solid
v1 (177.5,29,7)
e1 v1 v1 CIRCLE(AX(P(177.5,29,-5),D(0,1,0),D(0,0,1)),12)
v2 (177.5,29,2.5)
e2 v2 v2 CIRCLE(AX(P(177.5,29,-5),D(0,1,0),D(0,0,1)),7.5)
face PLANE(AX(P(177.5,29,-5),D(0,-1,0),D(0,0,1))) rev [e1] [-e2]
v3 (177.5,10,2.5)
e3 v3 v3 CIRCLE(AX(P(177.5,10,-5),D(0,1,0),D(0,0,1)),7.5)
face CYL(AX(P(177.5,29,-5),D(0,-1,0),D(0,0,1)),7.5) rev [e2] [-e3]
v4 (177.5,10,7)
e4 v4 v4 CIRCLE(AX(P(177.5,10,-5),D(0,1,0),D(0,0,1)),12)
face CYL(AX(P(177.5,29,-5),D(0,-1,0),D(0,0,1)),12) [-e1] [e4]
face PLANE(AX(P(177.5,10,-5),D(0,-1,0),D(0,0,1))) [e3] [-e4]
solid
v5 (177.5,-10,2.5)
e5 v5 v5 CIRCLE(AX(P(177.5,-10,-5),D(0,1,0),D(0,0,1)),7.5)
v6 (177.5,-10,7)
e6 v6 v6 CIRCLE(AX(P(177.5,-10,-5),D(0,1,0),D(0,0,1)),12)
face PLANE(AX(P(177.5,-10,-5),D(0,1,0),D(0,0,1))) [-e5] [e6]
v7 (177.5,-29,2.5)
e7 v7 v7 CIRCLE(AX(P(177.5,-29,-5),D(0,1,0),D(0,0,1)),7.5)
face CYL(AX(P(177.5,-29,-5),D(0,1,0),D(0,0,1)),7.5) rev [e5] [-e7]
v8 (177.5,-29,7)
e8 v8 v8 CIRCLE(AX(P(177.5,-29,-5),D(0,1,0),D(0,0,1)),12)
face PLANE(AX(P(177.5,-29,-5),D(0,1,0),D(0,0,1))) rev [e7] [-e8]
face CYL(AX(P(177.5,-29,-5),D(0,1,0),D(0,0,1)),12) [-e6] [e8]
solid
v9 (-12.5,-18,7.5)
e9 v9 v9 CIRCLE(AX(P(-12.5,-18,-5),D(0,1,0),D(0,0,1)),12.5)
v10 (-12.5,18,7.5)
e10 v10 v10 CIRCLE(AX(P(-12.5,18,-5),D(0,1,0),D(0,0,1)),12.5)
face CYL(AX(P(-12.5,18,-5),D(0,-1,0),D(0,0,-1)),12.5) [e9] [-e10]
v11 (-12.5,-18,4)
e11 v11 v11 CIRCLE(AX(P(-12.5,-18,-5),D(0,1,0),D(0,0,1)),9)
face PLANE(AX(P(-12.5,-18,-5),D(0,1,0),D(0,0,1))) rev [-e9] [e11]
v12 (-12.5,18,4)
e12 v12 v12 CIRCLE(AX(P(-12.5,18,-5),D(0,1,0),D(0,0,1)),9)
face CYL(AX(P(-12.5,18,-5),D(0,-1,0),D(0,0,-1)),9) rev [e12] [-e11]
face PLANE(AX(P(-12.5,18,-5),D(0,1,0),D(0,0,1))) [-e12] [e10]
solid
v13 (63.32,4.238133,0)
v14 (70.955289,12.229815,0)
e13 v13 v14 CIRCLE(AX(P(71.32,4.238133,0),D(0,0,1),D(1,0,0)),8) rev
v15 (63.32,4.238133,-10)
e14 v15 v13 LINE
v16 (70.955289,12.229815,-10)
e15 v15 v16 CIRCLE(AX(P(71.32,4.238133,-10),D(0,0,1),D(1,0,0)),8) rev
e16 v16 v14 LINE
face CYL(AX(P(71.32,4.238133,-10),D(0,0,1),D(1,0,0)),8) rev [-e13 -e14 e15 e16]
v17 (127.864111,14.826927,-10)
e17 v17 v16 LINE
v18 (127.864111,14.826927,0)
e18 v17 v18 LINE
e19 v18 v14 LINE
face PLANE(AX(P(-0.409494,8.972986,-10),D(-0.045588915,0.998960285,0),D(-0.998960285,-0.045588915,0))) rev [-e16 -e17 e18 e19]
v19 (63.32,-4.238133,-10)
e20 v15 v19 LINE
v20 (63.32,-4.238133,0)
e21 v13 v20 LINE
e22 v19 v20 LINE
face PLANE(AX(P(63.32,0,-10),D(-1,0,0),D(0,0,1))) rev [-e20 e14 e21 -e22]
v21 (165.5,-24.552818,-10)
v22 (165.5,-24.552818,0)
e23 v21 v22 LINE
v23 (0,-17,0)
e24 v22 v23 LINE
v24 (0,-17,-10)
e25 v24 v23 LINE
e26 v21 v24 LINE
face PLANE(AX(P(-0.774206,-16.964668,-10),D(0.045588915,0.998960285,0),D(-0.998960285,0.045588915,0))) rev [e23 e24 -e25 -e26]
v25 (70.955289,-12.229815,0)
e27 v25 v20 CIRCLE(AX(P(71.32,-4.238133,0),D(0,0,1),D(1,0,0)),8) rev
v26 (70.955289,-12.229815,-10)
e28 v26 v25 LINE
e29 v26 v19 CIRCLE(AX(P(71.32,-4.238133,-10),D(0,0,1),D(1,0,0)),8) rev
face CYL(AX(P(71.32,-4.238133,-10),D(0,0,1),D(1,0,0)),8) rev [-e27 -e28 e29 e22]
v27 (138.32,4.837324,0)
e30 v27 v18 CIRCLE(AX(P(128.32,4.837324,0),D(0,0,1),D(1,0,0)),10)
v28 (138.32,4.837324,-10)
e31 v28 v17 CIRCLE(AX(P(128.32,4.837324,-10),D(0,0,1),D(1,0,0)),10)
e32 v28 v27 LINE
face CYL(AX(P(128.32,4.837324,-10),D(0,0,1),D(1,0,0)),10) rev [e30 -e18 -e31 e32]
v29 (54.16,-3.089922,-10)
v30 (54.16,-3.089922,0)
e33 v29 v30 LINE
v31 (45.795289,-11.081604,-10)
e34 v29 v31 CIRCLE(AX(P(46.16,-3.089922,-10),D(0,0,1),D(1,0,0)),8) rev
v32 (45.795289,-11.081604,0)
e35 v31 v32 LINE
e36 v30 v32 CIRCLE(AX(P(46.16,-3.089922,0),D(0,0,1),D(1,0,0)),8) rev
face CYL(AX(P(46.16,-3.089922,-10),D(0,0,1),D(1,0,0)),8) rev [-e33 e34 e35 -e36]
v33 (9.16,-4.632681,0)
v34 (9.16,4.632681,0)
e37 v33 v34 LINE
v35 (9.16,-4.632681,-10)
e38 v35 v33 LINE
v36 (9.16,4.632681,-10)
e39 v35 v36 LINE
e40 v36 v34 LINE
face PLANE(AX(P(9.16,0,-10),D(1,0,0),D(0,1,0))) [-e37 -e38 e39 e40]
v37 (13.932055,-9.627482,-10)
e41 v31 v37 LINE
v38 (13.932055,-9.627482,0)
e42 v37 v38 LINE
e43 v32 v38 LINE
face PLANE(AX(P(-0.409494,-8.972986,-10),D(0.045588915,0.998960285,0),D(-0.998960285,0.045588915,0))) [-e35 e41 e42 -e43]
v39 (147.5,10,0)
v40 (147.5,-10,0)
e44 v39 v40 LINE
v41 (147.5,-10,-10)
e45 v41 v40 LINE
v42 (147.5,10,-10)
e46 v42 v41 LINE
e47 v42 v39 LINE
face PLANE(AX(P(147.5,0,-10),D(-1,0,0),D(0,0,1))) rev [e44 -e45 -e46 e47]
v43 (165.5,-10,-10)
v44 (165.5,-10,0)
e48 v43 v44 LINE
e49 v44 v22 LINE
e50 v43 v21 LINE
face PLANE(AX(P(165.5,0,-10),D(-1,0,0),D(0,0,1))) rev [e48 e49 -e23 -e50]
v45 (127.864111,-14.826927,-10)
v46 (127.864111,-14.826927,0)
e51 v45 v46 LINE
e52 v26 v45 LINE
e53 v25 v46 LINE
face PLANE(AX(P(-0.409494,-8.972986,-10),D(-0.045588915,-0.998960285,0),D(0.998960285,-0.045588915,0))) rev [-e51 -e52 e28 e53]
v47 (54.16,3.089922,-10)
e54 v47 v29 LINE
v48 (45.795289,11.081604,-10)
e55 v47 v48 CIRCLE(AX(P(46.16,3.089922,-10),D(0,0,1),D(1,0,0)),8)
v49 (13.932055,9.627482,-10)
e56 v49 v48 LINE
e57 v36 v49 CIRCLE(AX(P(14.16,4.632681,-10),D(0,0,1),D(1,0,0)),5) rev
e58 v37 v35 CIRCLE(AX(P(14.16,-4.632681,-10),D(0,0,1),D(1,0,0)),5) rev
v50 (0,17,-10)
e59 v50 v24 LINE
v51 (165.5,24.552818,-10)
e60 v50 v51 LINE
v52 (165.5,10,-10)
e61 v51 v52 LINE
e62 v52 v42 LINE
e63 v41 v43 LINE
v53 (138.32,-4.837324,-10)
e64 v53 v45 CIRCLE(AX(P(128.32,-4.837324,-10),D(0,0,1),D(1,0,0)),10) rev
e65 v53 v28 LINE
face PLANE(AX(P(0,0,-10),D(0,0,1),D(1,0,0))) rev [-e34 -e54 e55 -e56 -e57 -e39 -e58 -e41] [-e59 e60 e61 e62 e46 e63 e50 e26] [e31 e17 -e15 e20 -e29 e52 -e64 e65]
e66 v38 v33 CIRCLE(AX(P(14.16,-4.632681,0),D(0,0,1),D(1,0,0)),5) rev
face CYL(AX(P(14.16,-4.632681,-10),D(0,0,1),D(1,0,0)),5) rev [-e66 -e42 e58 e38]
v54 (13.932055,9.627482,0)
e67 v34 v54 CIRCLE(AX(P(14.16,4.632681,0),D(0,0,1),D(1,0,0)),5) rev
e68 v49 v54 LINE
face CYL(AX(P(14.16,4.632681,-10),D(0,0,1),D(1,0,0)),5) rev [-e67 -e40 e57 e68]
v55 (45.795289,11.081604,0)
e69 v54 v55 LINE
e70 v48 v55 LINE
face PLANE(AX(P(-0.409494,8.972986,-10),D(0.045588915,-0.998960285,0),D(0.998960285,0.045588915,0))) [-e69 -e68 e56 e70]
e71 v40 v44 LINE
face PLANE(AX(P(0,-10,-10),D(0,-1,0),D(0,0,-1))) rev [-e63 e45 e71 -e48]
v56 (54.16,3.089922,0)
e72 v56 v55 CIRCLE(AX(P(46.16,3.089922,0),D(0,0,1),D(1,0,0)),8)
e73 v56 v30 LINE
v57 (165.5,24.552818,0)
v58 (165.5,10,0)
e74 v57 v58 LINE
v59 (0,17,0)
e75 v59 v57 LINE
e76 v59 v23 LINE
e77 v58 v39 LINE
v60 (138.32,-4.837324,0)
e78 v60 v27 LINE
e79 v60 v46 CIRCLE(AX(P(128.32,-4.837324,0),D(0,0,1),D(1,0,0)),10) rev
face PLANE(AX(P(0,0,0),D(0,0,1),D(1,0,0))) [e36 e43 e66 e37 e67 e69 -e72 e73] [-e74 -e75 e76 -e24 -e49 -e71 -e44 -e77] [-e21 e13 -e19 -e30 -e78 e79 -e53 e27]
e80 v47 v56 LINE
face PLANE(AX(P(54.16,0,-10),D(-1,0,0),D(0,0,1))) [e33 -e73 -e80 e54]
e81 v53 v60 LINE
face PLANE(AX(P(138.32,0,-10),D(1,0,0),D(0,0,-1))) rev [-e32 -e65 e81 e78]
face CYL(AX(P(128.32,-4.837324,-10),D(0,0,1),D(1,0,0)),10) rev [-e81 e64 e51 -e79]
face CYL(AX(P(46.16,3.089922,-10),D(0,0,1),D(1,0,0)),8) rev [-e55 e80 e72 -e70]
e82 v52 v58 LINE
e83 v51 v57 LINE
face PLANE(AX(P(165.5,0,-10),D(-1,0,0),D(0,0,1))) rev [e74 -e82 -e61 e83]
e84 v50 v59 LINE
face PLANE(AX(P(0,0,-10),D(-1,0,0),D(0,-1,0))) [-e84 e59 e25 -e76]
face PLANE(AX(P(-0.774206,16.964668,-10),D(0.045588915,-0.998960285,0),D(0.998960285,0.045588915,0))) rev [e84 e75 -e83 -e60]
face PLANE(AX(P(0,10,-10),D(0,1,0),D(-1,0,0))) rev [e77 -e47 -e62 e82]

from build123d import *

# Parameters (mm, degrees)
BOSS_EXTRUDE1_DEPTH = 10
SKETCH2_R           = 12.5
SKETCH2_R_2         = 9
BOSS_EXTRUDE2_DEPTH = 18
SKETCH3_R           = 12
SKETCH3_R_2         = 7.5
BOSS_EXTRUDE3_DEPTH = 19


with BuildPart() as part:
    # Sketch1 → Boss-Extrude1 (new body)
    with BuildSketch(Plane.XY):
        Polygon((165.5, -24.552818182), (0, -17), (0, 17), (165.5, 24.552818182), (165.5, 10), (147.5, 10), (147.5, -10), (165.5, -10), align=None)
        with BuildLine():
            ThreePointArc((138.32, 4.837323832), (135.228006533, 12.067776497), (127.864110852, 14.826926681))
            Line((127.864110852, 14.826926681), (70.955288681, 12.229814978))
            ThreePointArc((70.955288681, 12.229814978), (65.535637868, 9.764537925), (63.32, 4.238132699))
            Line((63.32, 4.238132699), (63.32, -4.238132699))
            ThreePointArc((63.32, -4.238132699), (65.535637868, -9.764537925), (70.955288681, -12.229814978))
            Line((70.955288681, -12.229814978), (127.864110852, -14.826926681))
            ThreePointArc((127.864110852, -14.826926681), (135.228006533, -12.067776497), (138.32, -4.837323832))
            Line((138.32, -4.837323832), (138.32, 4.837323832))
        make_face(mode=Mode.SUBTRACT)
        with BuildLine():
            Line((9.16, 0), (9.16, 4.632680545))
            ThreePointArc((9.16, 4.632680545), (10.544773667, 8.086683812), (13.932055426, 9.62748197))
            Line((13.932055426, 9.62748197), (45.795288681, 11.081604069))
            ThreePointArc((45.795288681, 11.081604069), (51.686405226, 8.874283922), (54.16, 3.08992179))
            Line((54.16, 3.08992179), (54.16, -3.08992179))
            ThreePointArc((54.16, -3.08992179), (51.686405226, -8.874283922), (45.795288681, -11.081604069))
            Line((45.795288681, -11.081604069), (13.932055426, -9.62748197))
            ThreePointArc((13.932055426, -9.62748197), (10.544773667, -8.086683812), (9.16, -4.632680545))
            Line((9.16, -4.632680545), (9.16, 0))
        make_face(mode=Mode.SUBTRACT)
    extrude(amount=-BOSS_EXTRUDE1_DEPTH)


with BuildPart() as body_2:
    # Sketch2 → Boss-Extrude2 (new, symmetric)
    with BuildSketch(Plane(origin=(0, 0, 0), x_dir=(1, 0, 0), z_dir=(0, 1, 0))):
        with Locations(Location((-12.5, 5, 0), (0, 0, 270))):
            Circle(SKETCH2_R)
        with Locations(Location((-12.5, 5, 0), (0, 0, 270))):
            Circle(SKETCH2_R_2, mode=Mode.SUBTRACT)
    extrude(amount=BOSS_EXTRUDE2_DEPTH, both=True)


with BuildPart() as body_3:
    # Sketch3 → Boss-Extrude3 (new body)
    with BuildSketch(Plane(origin=(0, -10, 0), x_dir=(1, 0, 0), z_dir=(0, 1, 0))):
        with Locations(Location((177.5, 5, 0), (0, 0, 270))):
            Circle(SKETCH3_R)
        with Locations(Location((177.5, 5, 0), (0, 0, 270))):
            Circle(SKETCH3_R_2, mode=Mode.SUBTRACT)
    extrude(amount=-BOSS_EXTRUDE3_DEPTH)


with BuildPart() as body_4:
    # Mirror2: mirrored copy
    add(body_3.part.mirror(Plane.ZX))


solid = Compound([part.part, body_2.part, body_3.part, body_4.part])
